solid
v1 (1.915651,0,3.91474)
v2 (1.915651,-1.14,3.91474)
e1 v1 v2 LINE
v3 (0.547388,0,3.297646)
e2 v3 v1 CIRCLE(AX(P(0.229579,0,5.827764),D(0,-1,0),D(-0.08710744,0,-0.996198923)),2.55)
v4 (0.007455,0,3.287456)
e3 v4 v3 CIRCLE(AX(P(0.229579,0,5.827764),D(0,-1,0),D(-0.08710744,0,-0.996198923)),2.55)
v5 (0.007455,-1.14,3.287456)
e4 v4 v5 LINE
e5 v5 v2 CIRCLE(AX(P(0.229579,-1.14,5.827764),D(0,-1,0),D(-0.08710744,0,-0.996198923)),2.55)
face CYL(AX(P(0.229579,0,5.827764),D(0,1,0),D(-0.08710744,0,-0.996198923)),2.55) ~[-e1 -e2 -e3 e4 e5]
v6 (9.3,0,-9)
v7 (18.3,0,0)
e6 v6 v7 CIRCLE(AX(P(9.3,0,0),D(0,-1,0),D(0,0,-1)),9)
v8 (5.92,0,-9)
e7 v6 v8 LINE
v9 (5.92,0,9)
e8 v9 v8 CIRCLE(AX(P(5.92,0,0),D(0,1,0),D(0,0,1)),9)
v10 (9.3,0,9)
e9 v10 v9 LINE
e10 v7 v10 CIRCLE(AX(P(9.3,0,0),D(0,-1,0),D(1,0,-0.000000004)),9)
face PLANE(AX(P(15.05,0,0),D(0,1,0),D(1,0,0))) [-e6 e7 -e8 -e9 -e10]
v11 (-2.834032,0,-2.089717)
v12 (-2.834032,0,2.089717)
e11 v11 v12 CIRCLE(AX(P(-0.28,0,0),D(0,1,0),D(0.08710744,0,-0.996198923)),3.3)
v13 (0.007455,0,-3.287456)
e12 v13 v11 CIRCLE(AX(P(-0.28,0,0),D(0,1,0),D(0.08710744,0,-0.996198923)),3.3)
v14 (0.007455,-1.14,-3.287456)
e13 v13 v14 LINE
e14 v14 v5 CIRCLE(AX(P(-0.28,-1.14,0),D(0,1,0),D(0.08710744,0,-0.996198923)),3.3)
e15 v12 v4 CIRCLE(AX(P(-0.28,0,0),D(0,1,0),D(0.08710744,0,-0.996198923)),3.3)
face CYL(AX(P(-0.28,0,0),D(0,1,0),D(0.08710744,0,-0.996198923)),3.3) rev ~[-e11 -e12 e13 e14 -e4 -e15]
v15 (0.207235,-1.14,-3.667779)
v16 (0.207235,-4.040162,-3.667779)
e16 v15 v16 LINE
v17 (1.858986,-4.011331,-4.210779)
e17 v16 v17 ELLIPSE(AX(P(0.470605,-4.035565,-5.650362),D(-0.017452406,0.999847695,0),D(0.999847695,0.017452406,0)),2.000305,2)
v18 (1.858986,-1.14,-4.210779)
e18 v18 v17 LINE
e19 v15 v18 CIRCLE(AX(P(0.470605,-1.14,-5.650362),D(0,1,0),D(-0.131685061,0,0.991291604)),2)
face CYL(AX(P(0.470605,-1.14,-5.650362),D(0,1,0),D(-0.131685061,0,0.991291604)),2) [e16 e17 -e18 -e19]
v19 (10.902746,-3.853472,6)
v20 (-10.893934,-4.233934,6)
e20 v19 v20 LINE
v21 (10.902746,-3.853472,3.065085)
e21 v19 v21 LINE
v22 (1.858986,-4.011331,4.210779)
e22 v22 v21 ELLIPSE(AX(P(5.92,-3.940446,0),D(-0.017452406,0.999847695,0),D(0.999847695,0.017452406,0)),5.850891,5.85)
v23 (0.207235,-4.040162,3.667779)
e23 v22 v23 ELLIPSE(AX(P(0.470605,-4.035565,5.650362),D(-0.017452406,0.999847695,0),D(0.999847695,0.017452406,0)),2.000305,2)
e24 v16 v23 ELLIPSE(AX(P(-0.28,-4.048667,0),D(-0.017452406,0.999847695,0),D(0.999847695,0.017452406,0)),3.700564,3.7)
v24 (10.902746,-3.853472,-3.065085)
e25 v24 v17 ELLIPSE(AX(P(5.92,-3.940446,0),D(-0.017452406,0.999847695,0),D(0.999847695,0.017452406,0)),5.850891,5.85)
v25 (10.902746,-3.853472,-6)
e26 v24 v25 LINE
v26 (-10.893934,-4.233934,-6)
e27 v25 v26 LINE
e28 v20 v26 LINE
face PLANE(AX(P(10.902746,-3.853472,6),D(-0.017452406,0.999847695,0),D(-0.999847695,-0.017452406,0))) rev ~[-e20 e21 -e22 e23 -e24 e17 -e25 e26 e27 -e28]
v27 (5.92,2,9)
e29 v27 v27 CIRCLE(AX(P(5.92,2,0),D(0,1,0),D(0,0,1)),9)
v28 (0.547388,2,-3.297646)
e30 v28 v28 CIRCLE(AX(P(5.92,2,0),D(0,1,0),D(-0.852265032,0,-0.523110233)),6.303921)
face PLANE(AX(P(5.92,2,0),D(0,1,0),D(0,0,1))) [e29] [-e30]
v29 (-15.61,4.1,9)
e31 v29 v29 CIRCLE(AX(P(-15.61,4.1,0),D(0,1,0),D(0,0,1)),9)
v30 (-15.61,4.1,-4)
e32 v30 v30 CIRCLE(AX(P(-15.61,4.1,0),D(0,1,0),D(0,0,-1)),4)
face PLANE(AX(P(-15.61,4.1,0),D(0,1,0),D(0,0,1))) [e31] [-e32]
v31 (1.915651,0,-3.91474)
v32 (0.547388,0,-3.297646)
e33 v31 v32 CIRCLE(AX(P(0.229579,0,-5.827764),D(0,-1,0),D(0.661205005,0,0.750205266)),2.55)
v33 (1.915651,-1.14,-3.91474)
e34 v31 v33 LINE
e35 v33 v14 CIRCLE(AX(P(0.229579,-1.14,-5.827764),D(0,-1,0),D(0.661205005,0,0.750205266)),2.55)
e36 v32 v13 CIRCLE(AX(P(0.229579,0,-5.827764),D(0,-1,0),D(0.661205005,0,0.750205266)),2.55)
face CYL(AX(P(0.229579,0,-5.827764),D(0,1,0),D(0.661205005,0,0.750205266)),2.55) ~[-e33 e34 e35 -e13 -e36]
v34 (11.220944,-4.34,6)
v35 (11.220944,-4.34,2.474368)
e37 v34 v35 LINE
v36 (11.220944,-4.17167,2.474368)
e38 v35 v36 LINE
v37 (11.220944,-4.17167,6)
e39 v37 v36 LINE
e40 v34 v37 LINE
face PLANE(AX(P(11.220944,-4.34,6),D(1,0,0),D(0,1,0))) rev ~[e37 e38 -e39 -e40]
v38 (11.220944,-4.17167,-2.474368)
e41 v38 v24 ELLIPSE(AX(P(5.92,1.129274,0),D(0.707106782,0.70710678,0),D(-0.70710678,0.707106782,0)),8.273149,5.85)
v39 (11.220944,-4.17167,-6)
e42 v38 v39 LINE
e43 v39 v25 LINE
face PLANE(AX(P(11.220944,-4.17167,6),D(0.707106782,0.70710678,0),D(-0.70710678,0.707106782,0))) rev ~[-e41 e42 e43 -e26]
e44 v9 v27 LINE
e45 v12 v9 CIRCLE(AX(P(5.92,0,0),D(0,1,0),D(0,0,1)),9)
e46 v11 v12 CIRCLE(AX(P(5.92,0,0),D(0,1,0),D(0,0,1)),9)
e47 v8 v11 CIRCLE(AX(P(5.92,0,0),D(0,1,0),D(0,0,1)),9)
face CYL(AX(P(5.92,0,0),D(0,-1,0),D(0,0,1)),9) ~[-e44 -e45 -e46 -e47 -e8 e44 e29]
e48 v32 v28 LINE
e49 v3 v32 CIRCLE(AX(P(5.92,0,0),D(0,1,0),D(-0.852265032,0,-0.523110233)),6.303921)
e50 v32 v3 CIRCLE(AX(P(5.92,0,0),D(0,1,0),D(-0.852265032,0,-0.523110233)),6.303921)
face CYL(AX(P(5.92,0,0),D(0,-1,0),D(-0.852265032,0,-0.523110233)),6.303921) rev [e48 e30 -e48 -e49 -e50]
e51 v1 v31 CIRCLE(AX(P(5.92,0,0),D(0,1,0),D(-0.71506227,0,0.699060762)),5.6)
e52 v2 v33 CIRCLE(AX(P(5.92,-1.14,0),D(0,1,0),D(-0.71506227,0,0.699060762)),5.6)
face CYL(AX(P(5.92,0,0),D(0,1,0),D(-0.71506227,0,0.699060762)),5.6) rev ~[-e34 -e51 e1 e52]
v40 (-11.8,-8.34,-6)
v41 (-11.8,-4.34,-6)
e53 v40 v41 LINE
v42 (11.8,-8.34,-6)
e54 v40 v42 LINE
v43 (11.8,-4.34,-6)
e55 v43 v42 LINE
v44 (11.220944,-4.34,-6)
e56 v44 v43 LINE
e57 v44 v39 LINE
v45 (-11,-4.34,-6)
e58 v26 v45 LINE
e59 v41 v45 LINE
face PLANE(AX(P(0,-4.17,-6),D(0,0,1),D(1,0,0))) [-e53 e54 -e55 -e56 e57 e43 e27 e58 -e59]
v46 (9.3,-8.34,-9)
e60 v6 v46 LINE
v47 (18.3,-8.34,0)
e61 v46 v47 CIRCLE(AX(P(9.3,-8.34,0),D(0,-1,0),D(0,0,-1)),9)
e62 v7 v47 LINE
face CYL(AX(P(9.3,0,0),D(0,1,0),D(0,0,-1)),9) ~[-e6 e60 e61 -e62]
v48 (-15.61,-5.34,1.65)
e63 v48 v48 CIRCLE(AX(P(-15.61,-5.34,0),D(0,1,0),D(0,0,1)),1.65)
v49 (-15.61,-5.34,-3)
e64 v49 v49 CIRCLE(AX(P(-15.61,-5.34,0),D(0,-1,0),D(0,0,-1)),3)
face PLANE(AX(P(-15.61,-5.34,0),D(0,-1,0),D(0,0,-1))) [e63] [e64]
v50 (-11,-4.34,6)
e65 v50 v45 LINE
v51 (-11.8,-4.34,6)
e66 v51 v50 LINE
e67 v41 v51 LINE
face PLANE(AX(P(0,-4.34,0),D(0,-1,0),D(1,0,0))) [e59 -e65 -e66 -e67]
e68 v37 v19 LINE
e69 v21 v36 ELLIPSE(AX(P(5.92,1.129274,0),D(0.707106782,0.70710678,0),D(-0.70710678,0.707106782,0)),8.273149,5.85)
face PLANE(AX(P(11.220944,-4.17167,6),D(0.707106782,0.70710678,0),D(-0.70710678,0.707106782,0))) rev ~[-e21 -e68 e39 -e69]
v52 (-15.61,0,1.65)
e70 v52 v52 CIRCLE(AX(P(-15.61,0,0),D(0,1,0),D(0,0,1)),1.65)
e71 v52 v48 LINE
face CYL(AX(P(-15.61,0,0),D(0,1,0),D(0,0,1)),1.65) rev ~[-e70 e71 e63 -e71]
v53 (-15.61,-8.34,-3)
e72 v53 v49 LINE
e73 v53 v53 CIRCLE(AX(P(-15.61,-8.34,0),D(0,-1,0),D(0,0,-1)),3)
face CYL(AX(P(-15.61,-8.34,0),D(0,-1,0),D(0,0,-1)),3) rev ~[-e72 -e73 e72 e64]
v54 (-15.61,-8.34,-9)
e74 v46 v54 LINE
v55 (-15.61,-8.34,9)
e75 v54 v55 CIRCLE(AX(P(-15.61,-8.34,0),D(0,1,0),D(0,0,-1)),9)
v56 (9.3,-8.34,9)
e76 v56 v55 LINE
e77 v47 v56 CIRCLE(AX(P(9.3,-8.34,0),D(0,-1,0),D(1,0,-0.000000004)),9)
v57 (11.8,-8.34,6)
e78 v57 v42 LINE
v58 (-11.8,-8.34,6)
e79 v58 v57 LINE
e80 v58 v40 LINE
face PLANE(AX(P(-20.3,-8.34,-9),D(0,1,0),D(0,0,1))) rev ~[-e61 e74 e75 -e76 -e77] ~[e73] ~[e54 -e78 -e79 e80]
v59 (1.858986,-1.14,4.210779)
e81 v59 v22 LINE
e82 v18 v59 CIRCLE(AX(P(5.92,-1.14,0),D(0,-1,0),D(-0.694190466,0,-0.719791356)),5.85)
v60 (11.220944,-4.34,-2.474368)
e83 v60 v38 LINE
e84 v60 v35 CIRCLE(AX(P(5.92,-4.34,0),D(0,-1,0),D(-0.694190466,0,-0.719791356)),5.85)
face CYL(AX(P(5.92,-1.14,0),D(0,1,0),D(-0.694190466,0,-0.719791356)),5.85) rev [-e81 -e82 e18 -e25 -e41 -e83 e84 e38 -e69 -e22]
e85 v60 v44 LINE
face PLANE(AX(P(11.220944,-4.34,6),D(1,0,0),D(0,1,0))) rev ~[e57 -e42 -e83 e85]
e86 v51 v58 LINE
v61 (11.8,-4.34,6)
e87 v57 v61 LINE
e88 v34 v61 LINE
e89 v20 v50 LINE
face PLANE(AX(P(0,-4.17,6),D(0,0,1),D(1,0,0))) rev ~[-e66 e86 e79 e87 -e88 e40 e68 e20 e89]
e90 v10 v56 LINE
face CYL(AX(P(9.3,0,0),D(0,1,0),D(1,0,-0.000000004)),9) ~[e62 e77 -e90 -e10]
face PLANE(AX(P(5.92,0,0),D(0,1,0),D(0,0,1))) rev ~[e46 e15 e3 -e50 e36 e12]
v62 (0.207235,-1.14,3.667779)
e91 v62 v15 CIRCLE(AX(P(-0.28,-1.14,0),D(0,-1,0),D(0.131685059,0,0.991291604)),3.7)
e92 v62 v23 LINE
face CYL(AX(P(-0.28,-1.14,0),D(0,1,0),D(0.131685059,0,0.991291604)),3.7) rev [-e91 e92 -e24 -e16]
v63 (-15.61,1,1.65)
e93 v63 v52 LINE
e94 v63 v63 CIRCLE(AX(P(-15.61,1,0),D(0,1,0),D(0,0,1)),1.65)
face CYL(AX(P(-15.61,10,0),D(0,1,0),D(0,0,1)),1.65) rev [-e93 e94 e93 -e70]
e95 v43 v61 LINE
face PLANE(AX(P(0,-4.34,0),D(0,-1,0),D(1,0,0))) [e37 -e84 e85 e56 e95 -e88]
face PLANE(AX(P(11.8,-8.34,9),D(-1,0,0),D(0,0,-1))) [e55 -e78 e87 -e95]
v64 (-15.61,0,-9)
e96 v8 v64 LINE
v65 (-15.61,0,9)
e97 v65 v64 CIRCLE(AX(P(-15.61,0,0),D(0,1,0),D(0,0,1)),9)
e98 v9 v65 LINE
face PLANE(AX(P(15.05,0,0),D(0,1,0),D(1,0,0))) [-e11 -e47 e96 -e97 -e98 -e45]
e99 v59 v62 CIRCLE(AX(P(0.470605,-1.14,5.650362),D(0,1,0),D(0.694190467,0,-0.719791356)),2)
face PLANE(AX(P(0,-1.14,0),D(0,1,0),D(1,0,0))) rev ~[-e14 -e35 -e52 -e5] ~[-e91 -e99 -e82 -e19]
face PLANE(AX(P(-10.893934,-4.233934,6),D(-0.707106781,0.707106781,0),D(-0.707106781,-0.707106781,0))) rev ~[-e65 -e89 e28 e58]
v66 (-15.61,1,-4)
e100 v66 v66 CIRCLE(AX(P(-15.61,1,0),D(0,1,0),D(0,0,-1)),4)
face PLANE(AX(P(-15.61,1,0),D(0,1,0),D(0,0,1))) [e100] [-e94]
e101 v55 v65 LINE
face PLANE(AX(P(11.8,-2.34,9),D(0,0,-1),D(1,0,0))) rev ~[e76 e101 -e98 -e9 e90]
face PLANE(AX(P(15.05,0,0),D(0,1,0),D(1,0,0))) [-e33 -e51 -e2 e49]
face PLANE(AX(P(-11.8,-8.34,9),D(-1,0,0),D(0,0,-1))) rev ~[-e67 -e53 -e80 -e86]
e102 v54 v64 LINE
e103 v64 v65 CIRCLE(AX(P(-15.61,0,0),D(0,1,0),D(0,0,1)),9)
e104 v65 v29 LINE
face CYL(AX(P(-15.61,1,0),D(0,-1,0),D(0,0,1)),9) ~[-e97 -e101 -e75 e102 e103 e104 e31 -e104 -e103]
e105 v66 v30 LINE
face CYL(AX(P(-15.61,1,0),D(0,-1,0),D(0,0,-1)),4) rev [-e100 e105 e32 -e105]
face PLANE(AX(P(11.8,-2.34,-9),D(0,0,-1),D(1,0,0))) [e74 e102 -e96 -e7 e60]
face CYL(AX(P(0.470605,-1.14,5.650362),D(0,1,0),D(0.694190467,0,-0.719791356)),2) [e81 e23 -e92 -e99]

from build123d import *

# Parameters (mm, degrees)
SKETCH_1_W          = 23.6
SKETCH_1_H          = 12
EXTRUDE_1_DEPTH     = 1.14
SKETCH_2_W          = 23.6
SKETCH_2_H          = 12
EXTRUDE_2_DEPTH     = 3.2
CUT_EXTRUDE_1_DEPTH = 18.380322206
EXTRUDE_3_DEPTH     = 3
EXTRUDE_4_DEPTH     = 3
EXTRUDE_START       = -8.34
SKETCH_6_W          = 4.5
SKETCH_6_H          = 18
EXTRUDE_6_DEPTH     = 6
SKETCH_9_W          = 18
SKETCH_9_H          = 6
EXTRUDE_8_DEPTH     = 4
SKETCH_11_W         = 8.5
SKETCH_11_H         = 18
EXTRUDE_11_DEPTH    = 2.34
SKETCH_13_W         = 18
SKETCH_13_H         = 6
EXTRUDE_12_DEPTH    = 2
SKETCH_14_W         = 18
SKETCH_14_H         = 8.34
EXTRUDE_13_DEPTH    = 8
SKETCH_15_W         = 6.5
SKETCH_15_H         = 18
EXTRUDE_14_DEPTH    = 2.34
SKETCH_12_R         = 1.65
CUT_EXTRUDE_2_DEPTH = 8.34
SKETCH_16_R         = 3
CUT_EXTRUDE_3_DEPTH = 3
SKETCH_17_R         = 9
SKETCH_17_R_2       = 6.303921286
EXTRUDE_15_DEPTH    = 2
SKETCH_18_R         = 9
EXTRUDE_16_DEPTH    = 1
CUT_EXTRUDE_START   = -10
SKETCH_19_R         = 1.65
CUT_EXTRUDE_4_DEPTH = 10
CUT_EXTRUDE_START_2 = -8.34
CUT_EXTRUDE_5_DEPTH = 8.34
CUT_EXTRUDE_6_DEPTH = 8.34
SKETCH_23_R         = 9
SKETCH_23_R_2       = 4
EXTRUDE_17_DEPTH    = 3.1


with BuildPart() as part:
    # 草图1 → 凸台-拉伸1 (new body)
    with BuildSketch(Plane(origin=(0, 0, 0), x_dir=(1, 0, 0), z_dir=(0, 1, 0))):
        Rectangle(SKETCH_1_W, SKETCH_1_H)
        with BuildLine():
            ThreePointArc((0.007454552, 3.287456445), (-3.58, 0), (0.007454552, -3.287456445))
            ThreePointArc((0.007454552, -3.287456445), (1.025918755, -3.405297551), (1.915651286, -3.91474027))
            ThreePointArc((1.915651286, -3.91474027), (11.52, 0), (1.915651286, 3.91474027))
            ThreePointArc((1.915651286, 3.91474027), (1.025918755, 3.405297551), (0.007454552, 3.287456445))
        make_face(mode=Mode.SUBTRACT)
    extrude(amount=-EXTRUDE_1_DEPTH)

    # 草图2 → 凸台-拉伸2 (add)
    with BuildSketch(Plane.XZ.offset(1.14)):
        Rectangle(SKETCH_2_W, SKETCH_2_H)
        with BuildLine():
            ThreePointArc((1.858985772, -4.210779433), (11.77, 0), (1.858985772, 4.210779433))
            ThreePointArc((1.858985772, 4.210779433), (1.095204485, 3.750394966), (0.20723472, 3.667778937))
            ThreePointArc((0.20723472, 3.667778937), (-3.98, 0), (0.20723472, -3.667778937))
            ThreePointArc((0.20723472, -3.667778937), (1.095204485, -3.750394966), (1.858985772, -4.210779433))
        make_face(mode=Mode.SUBTRACT)
    extrude(amount=EXTRUDE_2_DEPTH)

    # 草图3 → 切除-拉伸1 (cut, through all)
    with BuildSketch(Plane.XY.offset(6)):
        Polygon((-10.893933983, -4.233933983), (-11, -4.34), (11.220943823, -4.34), (11.220943823, -4.171669574), (10.902745772, -3.853471522), align=None)
    extrude(amount=-CUT_EXTRUDE_1_DEPTH, mode=Mode.SUBTRACT)

    # 草图4 → 凸台-拉伸3 (add)
    with BuildSketch(Plane.XY.offset(6)):
        Polygon((-11.8, -4.34), (-11.8, -8.34), (11.8, -8.34), (11.8, -4.34), (11.8, 0), (-11.8, 0), align=None)
    extrude(amount=EXTRUDE_3_DEPTH)

    # 草图5 → 凸台-拉伸4 (add)
    with BuildSketch(Plane(origin=(0, 0, -6), x_dir=(-1, 0, 0), z_dir=(0, 0, -1))):
        Polygon((11.8, -8.34), (-11.8, -8.34), (-11.8, -4.34), (-11.8, 0), (11.8, 0), (11.8, -4.34), align=None)
    extrude(amount=EXTRUDE_4_DEPTH)

    # 草图6 → 凸台-拉伸6 (add)
    with BuildSketch(Plane(origin=(0, 0, 0), x_dir=(1, 0, 0), z_dir=(0, 1, 0)).offset(EXTRUDE_START)):
        with Locations((14.05, 0)):
            Rectangle(SKETCH_6_W, SKETCH_6_H)
        with Locations((-14.05, 0)):
            Rectangle(SKETCH_6_W, SKETCH_6_H)
    extrude(amount=EXTRUDE_6_DEPTH)

    # 草图9 → 凸台-拉伸8 (add)
    with BuildSketch(Plane.ZY.offset(16.3)):
        with Locations((0, -5.34)):
            Rectangle(SKETCH_9_W, SKETCH_9_H)
    extrude(amount=EXTRUDE_8_DEPTH)

    # 草图11 → 凸台-拉伸11 (add)
    with BuildSketch(Plane(origin=(0, -2.34, 0), x_dir=(1, 0, 0), z_dir=(0, 1, 0))):
        with Locations((-16.05, 0)):
            Rectangle(SKETCH_11_W, SKETCH_11_H)
    extrude(amount=EXTRUDE_11_DEPTH)

    # 草图13 → 凸台-拉伸12 (add)
    with BuildSketch(Plane(origin=(16.3, 0, 0), x_dir=(0, 0, -1), z_dir=(1, 0, 0))):
        with Locations((0, -5.34)):
            Rectangle(SKETCH_13_W, SKETCH_13_H)
    extrude(amount=EXTRUDE_12_DEPTH)

    # 草图14 → 凸台-拉伸13 (add)
    with BuildSketch(Plane.ZY.offset(20.3)):
        with Locations((0, -4.17)):
            Rectangle(SKETCH_14_W, SKETCH_14_H)
    extrude(amount=EXTRUDE_13_DEPTH)

    # 草图15 → 凸台-拉伸14 (add)
    with BuildSketch(Plane(origin=(0, -2.34, 0), x_dir=(1, 0, 0), z_dir=(0, 1, 0))):
        with Locations((15.05, 0)):
            Rectangle(SKETCH_15_W, SKETCH_15_H)
    extrude(amount=EXTRUDE_14_DEPTH)

    # 草图12 → 切除-拉伸2 (cut)
    with BuildSketch(Plane(origin=(0, 0, 0), x_dir=(1, 0, 0), z_dir=(0, 1, 0))):
        with Locations(Location((-15.61, 0, 0), (0, 0, 270))):
            Circle(SKETCH_12_R)
    extrude(amount=-CUT_EXTRUDE_2_DEPTH, mode=Mode.SUBTRACT)

    # 草图16 → 切除-拉伸3 (cut)
    with BuildSketch(Plane.XZ.offset(8.34)):
        with Locations(Location((-15.61, 0, 0), (0, 0, 270))):
            Circle(SKETCH_16_R)
    extrude(amount=-CUT_EXTRUDE_3_DEPTH, mode=Mode.SUBTRACT)

    # 草图17 → 凸台-拉伸15 (add)
    with BuildSketch(Plane(origin=(0, 0, 0), x_dir=(1, 0, 0), z_dir=(0, 1, 0))):
        with Locations(Location((5.92, 0, 0), (0, 0, 270))):
            Circle(SKETCH_17_R)
        with Locations(Location((5.92, 0, 0), (0, 0, 148.458888043))):
            Circle(SKETCH_17_R_2, mode=Mode.SUBTRACT)
    extrude(amount=EXTRUDE_15_DEPTH)

    # 草图18 → 凸台-拉伸16 (add)
    with BuildSketch(Plane(origin=(0, 0, 0), x_dir=(1, 0, 0), z_dir=(0, 1, 0))):
        with Locations(Location((-15.61, 0, 0), (0, 0, 270))):
            Circle(SKETCH_18_R)
    extrude(amount=EXTRUDE_16_DEPTH)

    # 草图19 → 切除-拉伸4 (cut)
    with BuildSketch(Plane.XZ.offset(CUT_EXTRUDE_START)):
        with Locations(Location((-15.61, 0, 0), (0, 0, 90))):
            Circle(SKETCH_19_R)
    extrude(amount=CUT_EXTRUDE_4_DEPTH, mode=Mode.SUBTRACT)

    # 草图20 → 切除-拉伸5 (cut)
    with BuildSketch(Plane(origin=(0, 0, 0), x_dir=(1, 0, 0), z_dir=(0, 1, 0)).offset(CUT_EXTRUDE_START_2)):
        with BuildLine():
            Line((-15.61, -9), (-28.3, -9))
            Line((-28.3, -9), (-28.3, 9))
            Line((-28.3, 9), (-15.61, 9))
            ThreePointArc((-15.61, 9), (-24.61, 0), (-15.61, -9))
        make_face()
    extrude(amount=CUT_EXTRUDE_5_DEPTH, mode=Mode.SUBTRACT)

    # 草图21 → 切除-拉伸6 (cut)
    with BuildSketch(Plane(origin=(0, 0, 0), x_dir=(1, 0, 0), z_dir=(0, 1, 0))):
        with BuildLine():
            ThreePointArc((9.3, 9), (15.663961016, 6.363961045), (18.3, 4.1e-08))
            Line((18.3, 4.1e-08), (18.3, 9))
            Line((18.3, 9), (12.11, 9))
            Line((12.11, 9), (9.3, 9))
        make_face()
        with BuildLine():
            ThreePointArc((18.3, 4.1e-08), (15.663961045, -6.363961016), (9.3, -9))
            Line((9.3, -9), (18.3, -9))
            Line((18.3, -9), (18.3, 4.1e-08))
        make_face()
    extrude(amount=-CUT_EXTRUDE_6_DEPTH, mode=Mode.SUBTRACT)

    # 草图23 → 凸台-拉伸17 (add)
    with BuildSketch(Plane(origin=(0, 1, 0), x_dir=(1, 0, 0), z_dir=(0, 1, 0))):
        with Locations(Location((-15.61, 0, 0), (0, 0, 270))):
            Circle(SKETCH_23_R)
        with Locations(Location((-15.61, 0, 0), (0, 0, 90))):
            Circle(SKETCH_23_R_2, mode=Mode.SUBTRACT)
    extrude(amount=EXTRUDE_17_DEPTH)


solid = part.part
